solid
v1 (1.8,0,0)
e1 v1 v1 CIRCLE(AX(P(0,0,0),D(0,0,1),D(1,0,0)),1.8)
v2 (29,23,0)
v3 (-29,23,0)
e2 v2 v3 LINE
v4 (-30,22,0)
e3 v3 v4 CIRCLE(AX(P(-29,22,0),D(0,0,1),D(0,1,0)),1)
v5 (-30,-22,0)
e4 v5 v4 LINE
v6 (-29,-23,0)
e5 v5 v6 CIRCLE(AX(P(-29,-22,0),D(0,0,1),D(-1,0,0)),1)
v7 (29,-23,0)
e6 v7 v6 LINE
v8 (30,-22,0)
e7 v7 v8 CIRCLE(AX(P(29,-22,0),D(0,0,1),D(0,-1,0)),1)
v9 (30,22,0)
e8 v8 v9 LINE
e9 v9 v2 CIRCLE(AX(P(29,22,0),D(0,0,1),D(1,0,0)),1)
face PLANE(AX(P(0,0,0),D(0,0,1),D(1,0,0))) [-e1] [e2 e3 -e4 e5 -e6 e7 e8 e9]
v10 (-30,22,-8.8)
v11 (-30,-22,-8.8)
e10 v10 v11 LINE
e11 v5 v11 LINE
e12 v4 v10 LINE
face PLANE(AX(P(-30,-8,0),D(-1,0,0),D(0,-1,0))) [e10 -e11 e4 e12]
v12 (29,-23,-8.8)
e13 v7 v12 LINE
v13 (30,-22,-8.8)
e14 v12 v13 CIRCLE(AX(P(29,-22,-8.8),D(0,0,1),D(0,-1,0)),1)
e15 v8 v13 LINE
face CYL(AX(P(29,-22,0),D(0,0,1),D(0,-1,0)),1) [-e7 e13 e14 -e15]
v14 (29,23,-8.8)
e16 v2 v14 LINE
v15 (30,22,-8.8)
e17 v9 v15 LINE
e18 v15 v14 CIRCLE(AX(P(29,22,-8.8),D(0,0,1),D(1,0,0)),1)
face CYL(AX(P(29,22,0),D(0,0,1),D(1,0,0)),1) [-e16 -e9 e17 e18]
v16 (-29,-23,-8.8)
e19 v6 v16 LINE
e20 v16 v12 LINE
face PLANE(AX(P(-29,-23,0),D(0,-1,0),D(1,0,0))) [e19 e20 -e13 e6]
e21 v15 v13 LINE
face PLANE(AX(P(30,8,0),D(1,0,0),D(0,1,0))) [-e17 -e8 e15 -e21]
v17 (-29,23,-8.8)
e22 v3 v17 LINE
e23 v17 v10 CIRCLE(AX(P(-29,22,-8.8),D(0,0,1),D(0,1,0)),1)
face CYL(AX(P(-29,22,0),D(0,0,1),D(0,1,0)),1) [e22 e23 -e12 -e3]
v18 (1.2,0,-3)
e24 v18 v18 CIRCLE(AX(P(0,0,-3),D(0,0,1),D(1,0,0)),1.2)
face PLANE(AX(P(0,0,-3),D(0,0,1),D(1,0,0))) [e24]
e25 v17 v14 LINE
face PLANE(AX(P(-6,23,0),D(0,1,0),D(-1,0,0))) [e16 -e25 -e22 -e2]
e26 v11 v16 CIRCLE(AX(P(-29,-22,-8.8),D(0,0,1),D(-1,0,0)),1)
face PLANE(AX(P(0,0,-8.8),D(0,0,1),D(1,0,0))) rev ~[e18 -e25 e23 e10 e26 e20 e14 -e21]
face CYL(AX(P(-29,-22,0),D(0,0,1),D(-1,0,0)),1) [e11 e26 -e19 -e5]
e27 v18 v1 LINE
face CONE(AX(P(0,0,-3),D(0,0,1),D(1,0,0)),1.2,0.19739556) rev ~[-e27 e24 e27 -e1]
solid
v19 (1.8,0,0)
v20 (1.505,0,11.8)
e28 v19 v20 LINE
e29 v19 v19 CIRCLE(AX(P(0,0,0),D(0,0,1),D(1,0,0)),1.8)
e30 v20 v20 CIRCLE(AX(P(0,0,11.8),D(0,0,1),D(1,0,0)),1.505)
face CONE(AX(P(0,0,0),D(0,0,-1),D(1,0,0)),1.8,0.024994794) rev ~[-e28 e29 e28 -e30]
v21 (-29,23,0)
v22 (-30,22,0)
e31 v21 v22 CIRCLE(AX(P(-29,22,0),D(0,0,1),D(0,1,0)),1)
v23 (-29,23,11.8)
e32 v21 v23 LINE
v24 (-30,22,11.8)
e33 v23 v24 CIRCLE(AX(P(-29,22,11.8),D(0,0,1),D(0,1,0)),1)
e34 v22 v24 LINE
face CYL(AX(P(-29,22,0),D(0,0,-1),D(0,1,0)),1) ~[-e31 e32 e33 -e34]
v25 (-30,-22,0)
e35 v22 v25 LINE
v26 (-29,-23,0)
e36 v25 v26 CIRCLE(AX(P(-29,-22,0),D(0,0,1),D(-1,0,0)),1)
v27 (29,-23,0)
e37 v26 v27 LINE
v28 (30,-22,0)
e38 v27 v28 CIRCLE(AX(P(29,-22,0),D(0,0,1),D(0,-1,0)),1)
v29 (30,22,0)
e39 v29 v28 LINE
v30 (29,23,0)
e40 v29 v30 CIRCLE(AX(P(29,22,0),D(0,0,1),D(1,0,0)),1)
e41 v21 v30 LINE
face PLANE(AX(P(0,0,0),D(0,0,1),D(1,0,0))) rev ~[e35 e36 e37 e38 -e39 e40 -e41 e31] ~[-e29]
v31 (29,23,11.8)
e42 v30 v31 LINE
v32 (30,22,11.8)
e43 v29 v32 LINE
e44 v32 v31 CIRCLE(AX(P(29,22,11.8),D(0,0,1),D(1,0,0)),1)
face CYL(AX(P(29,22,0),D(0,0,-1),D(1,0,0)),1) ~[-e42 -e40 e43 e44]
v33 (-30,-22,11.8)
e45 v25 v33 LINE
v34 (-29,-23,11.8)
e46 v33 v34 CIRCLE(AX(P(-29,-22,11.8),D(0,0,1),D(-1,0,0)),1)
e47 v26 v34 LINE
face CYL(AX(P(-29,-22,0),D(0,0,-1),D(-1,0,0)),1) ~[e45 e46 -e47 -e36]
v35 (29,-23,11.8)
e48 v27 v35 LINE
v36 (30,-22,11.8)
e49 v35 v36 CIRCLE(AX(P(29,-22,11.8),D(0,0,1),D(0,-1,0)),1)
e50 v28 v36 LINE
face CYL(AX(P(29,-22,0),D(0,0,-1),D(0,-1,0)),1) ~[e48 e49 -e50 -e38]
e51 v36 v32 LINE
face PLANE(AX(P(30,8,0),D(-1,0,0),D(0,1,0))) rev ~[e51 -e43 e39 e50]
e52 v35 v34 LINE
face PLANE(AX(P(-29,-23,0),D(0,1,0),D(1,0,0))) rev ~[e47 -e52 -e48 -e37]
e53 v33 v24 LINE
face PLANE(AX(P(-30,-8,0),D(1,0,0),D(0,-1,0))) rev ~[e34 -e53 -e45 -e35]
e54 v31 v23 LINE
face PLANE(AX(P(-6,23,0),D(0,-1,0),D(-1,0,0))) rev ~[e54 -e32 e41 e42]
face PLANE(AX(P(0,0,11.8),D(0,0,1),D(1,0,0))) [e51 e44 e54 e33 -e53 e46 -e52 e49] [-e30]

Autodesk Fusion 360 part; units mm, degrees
sketch "スケッチ7" plane through (0, 0, 0) normal (0, 0, 1) x (1, 0, 0)
  line L0 (-40, -25) -> (40, -25)
  line L1 (40, -25) -> (40, 25)
  line L2 (40, 25) -> (-40, 25)
  line L3 (-40, 25) -> (-40, -25)
  line L4 (-40, -25) -> (40, 25) construction
  line L5 (40, -25) -> (-40, 25) construction
  line L6 (-40, 0) -> (40, 0) construction
  line L7 (0, -25) -> (0, 25) construction
  circle A0 centre (-35, 20) radius 2.75
  circle A1 centre (35, 20) radius 2.75
  circle A2 centre (-35, -20) radius 2.75
  circle A3 centre (35, -20) radius 2.75
  line L8 (-29, -23) -> (29, -23)
  line L9 (30, -22) -> (30, 22)
  line L10 (29, 23) -> (-29, 23)
  line L11 (-30, 22) -> (-30, -22)
  line L12 (-30, -23) -> (30, 23) construction
  line L13 (30, -23) -> (-30, 23) construction
  arc A4 (-29, 23) -> (-30, 22) centre (-29, 22) ccw
  arc A5 (30, 22) -> (29, 23) centre (29, 22) ccw
  arc A6 (29, -23) -> (30, -22) centre (29, -22) ccw
  arc A7 (-30, -22) -> (-29, -23) centre (-29, -22) ccw
  circle A8 centre (0, 0) radius 1.5
  arc A9 (-6, 23) -> (6, 23) centre (0, 23) ccw
  arc A10 (-30, -8) -> (-30, 8) centre (-30, 0) ccw
  arc A11 (6, -23) -> (-6, -23) centre (0, -23) ccw
  arc A12 (30, 8) -> (30, -8) centre (30, 0) ccw
  dimension "d41" = 50
  dimension "d42" = 80
  dimension "d43" = 5.5
  dimension "d44" = 5
  dimension "d45" = 5
  dimension "d186" = 46
  dimension "d187" = 10
  dimension "d188" = 1
  dimension "d197" = 3
  dimension "d229" = 8
  dimension "d230" = 6
sketch "Runner" plane through (0, 0, 0) normal (0, 0, 1) x (1, 0, 0)
  line L0 (-14.6, 1.8) -> (-14.6, -1.8)
  arc A0 (-23, -0.6) -> (-21.8, -1.8) centre (-21.8, -0.6) ccw
  line L1 (-17, 1.8) -> (17, 1.8) construction
  line L2 (-14.6, 1.8) -> (-15.4, 3.5)
  line L3 (-17, -3.5) -> (-17, 3.5)
  line L4 (17, 1.8) -> (-17, -1.8) construction
  line L5 (0, 1.8) -> (0, -1.8) construction
  line L6 (-17, 3.5) -> (-15.4, 3.5)
  line L7 (-17, -1.8) -> (-17, 1.8)
  line L8 (-25, -3.5) -> (-9, -3.5) construction
  line L9 (-25.0006, 3.5) -> (-8.9994, 3.5) construction
  arc A1 (21.8, -1.8) -> (23, -0.6) centre (21.8, -0.6) ccw
  line L10 (-17, 1.8) -> (17, -1.8) construction
  line L11 (21.8, -1.8) -> (17, -1.8)
  line L12 (17, 1.8) -> (17, -1.8)
  line L13 (-17, 0) -> (17.3464, 0)
  line L14 (17, 0) -> (23, 0)
  line L15 (-17, 0) -> (-23, 0)
  line L16 (-14.6, -1.8) -> (-15.4, -3.5)
  line L17 (23, 0) -> (23, -0.6)
  line L18 (-17, -3.5) -> (-15.4, -3.5)
  line L19 (-15.4, -3.5) -> (-15.4, 3.5)
  line L20 (17, -1.8) -> (-17, -1.8)
  line L21 (-17, -1.8) -> (-17, 0)
  line L22 (-21.8, -1.8) -> (-17, -1.8)
  line L23 (-23, 0) -> (-23, -0.6)
  circle A2 centre (0, 0) radius 1.8
  circle A3 centre (0, 0) radius 1.5
  dimension "d202" = 1.6
  dimension "d204" = 0.8
  dimension "d210" = 6
  dimension "d211" = 1.2
  dimension "d212" = 3.5
  dimension "d213" = 3.5
  dimension "d214" = 3
  dimension "d215" = 3.6
  dimension "d216" = 17
sketch "スケッチ1" plane through (0, 0, 0) normal (0, 0, 1) x (1, 0, 0)
  line L0 (8.5, -3) -> (25.5, -3)
  line L1 (26, -3.5) -> (26, -20.5)
  line L2 (25.5, -21) -> (8.5, -21)
  line L3 (8, -20.5) -> (8, -3.5)
  line L4 (17, -3) -> (17, -21) construction
  line L5 (8, -12) -> (26, -12) construction
  arc A0 (8.5, -3) -> (8, -3.5) centre (8.5, -3.5) ccw
  arc A1 (26, -3.5) -> (25.5, -3) centre (25.5, -3.5) ccw
  arc A2 (25.5, -21) -> (26, -20.5) centre (25.5, -20.5) ccw
  arc A3 (8, -20.5) -> (8.5, -21) centre (8.5, -20.5) ccw
  line L6 (9.7, -4.2) -> (24.3, -4.2)
  line L7 (9.2, -19.3) -> (9.2, -4.7)
  line L8 (24.3, -19.8) -> (9.7, -19.8)
  line L9 (24.8, -4.7) -> (24.8, -19.3)
  arc A4 (9.7, -4.2) -> (9.2, -4.7) centre (9.7, -4.7) ccw
  arc A5 (9.2, -19.3) -> (9.7, -19.8) centre (9.7, -19.3) ccw
  arc A6 (24.3, -19.8) -> (24.8, -19.3) centre (24.3, -19.3) ccw
  arc A7 (24.8, -4.7) -> (24.3, -4.2) centre (24.3, -4.7) ccw
  circle A8 centre (17, -12.03) radius 2.7
  line L10 (14.3525, -11.5) -> (19.6475, -11.5) construction
  line L11 (14.3525, -12.5) -> (19.6475, -12.5) construction
  line L12 (16.5, -9.3767) -> (16.5, -14.6833) construction
  line L13 (17.5, -9.3767) -> (17.5, -14.6833) construction
  line L14 (16.5, -11.5) -> (14.5202, -11.5)
  line L15 (14.5202, -12.5) -> (14.5202, -11.5)
  line L16 (14.5202, -12.5) -> (16.5, -12.5)
  line L17 (15.0202, -11.5) -> (15.0202, -12.5)
  line L18 (16.5, -12.5) -> (16.5, -14.4798)
  line L19 (17.5, -14.4798) -> (17.5, -12.5)
  line L20 (16.5, -13.9798) -> (17.5, -13.9798)
  line L21 (17.5, -14.4798) -> (16.5, -14.4798)
  line L22 (17.5, -12.5) -> (19.4798, -12.5)
  line L23 (19.4798, -11.5) -> (17.5, -11.5)
  line L24 (18.9798, -12.5) -> (18.9798, -11.5)
  line L25 (19.4798, -11.5) -> (19.4798, -12.5)
  line L26 (17.5, -11.5) -> (17.5, -9.5202)
  line L27 (16.5, -9.5202) -> (16.5, -11.5)
  line L28 (17.5, -10.0202) -> (16.5, -10.0202)
  line L29 (16.5, -9.5202) -> (17.5, -9.5202)
  circle A9 centre (13.2, -15.7) radius 1.25
  circle A10 centre (20.8, -15.7) radius 1.25
  point P0 (8, -3)
  point P1 (8, -21)
  point P2 (14.3002, -12)
  point P3 (17, -12)
  dimension "d326" = 18
  dimension "d327" = 18
  dimension "d328" = 8
  dimension "d329" = 3
  dimension "d330" = 0.5
  dimension "d332" = 0.5
  dimension "d333" = 0.03
  dimension "d334" = 5.4
  dimension "d335" = 1.2
  dimension "d336" = 1.2
  dimension "d337" = 1
  dimension "d338" = 1
  dimension "d339" = 0.22
  dimension "d341" = 0.5
  dimension "d343" = 360
  dimension "d366" = 2.5
  dimension "d367" = 12.7
  dimension "d368" = 5.2
ref_plane "作業平面1" through (0, 0, 7.5) normal (0, 0, 1) x (1, 0, 0)
sketch "スケッチ2" plane through (0, 0, 7.5) normal (0, 0, 1) x (1, 0, 0)
  line L0 (8.5, -3) -> (25.5, -3) construction
  line L1 (8, -20.5) -> (8, -3.5) construction
  line L2 (25.5, -21) -> (8.5, -21) construction
  line L3 (26, -3.5) -> (26, -20.5) construction
  arc A0 (26, -3.5) -> (25.5, -3) centre (25.5, -3.5) ccw construction
  arc A1 (8.5, -3) -> (8, -3.5) centre (8.5, -3.5) ccw construction
  arc A2 (8, -20.5) -> (8.5, -21) centre (8.5, -20.5) ccw construction
  arc A3 (25.5, -21) -> (26, -20.5) centre (25.5, -20.5) ccw construction
  line L4 (17, -3) -> (17, -21) construction
  line L5 (8, -12) -> (26, -12) construction
  line L6 (12, -18) -> (22, -18)
  line L7 (23, -17) -> (23, -7)
  line L8 (22, -6) -> (12, -6)
  line L9 (11, -7) -> (11, -17)
  line L10 (11, -18) -> (23, -6) construction
  line L11 (23, -18) -> (11, -6) construction
  arc A4 (12, -6) -> (11, -7) centre (12, -7) ccw
  arc A5 (23, -7) -> (22, -6) centre (22, -7) ccw
  arc A6 (22, -18) -> (23, -17) centre (22, -17) ccw
  arc A7 (11, -17) -> (12, -18) centre (12, -17) ccw
  point P0 (17, -12)
  dimension "d396" = 12
  dimension "d397" = 12
  dimension "d398" = 1
ref_plane "作業平面4" through (0, 0, 6.3) normal (0, 0, 1) x (1, 0, 0)
sketch "スケッチ8" plane through (0, 0, 6.3) normal (0, 0, 1) x (1, 0, 0)
  line L0 (11, -7) -> (11, -17) construction
  line L1 (22, -6) -> (12, -6) construction
  arc A0 (12, -6) -> (11, -7) centre (12, -7) ccw construction
  arc A1 (11, -17) -> (12, -18) centre (12, -17) ccw construction
  line L2 (12, -18) -> (22, -18) construction
  line L3 (23, -17) -> (23, -7) construction
  arc A2 (23, -7) -> (22, -6) centre (22, -7) ccw construction
  arc A3 (22, -18) -> (23, -17) centre (22, -17) ccw construction
  line L4 (21.5, -7) -> (12.5, -7)
  line L5 (12, -7.5) -> (12, -16.5)
  line L6 (12.5, -17) -> (21.5, -17)
  line L7 (22, -16.5) -> (22, -7.5)
  arc A4 (12.5, -7) -> (12, -7.5) centre (12.5, -7.5) ccw
  arc A5 (22, -7.5) -> (21.5, -7) centre (21.5, -7.5) ccw
  arc A6 (21.5, -17) -> (22, -16.5) centre (21.5, -16.5) ccw
  arc A7 (12, -16.5) -> (12.5, -17) centre (12.5, -16.5) ccw
  line L8 (17, -6) -> (17, -18) construction
  line L9 (11, -12) -> (23, -12) construction
  dimension "d400" = 0.5
  dimension "d401" = 1
  dimension "d402" = 1
ref_plane "作業平面10" through (0, -12, 0) normal (0, 1, 0) x (0, 0, 1)
sketch "スケッチ28" plane through (0, -12, 0) normal (0, 1, 0) x (1, 0, 0)
  line L0 (17, -7.5) -> (17, 0) construction
  arc A0 (22, -6.3) -> (24.8, 0) centre (7.2558, 4.0252) ccw
  arc A1 (9.2, 0) -> (12, -6.3) centre (26.7442, 4.0252) ccw
  arc A2 (8, 0) -> (11, -7.5) centre (25.7864, 2.7646) ccw
  arc A3 (23, -7.5) -> (26, 0) centre (8.2136, 2.7646) ccw
  point P0 (17, -7.5)
  point P1 (17, 0)
  point P2 (22, -6.3)
  point P3 (12, -6.3)
  point P4 (24.8, 0)
  point P5 (9.2, 0)
  point P6 (11, -7.5)
  point P7 (23, -7.5)
  point P8 (26, 0)
  point P9 (8, 0)
  dimension "d405" = -12
ref_plane "作業平面11" through (17, -12, 3.75) normal (1, 0, 0) x (0, 0, -1)
ref_plane "作業平面12" through (17, -12, 3.75) normal (0.7071, 0.7071, 0) x (0, 0, -1)
sketch "スケッチ29" plane through (17, -12, 3.6) normal (1, 0, 0) x (0, 1, 0)
  arc A0 (-6, 3.9) -> (-9, -3.6) centre (8.7864, -6.3646) ccw
  line L0 (0, 3.9) -> (-0.03, -3.6)
  arc A1 (9, -3.6) -> (6, 3.9) centre (-8.7864, -6.3646) ccw
  arc A2 (-5, 2.7) -> (-7.8, -3.6) centre (9.7442, -7.6252) ccw
  arc A3 (7.8, -3.6) -> (5, 2.7) centre (-9.7442, -7.6252) ccw
  point P0 (6, 3.9)
  point P1 (-6, 3.9)
  point P2 (-9, -3.6)
  point P3 (0, 3.9)
  point P4 (-0.03, -3.6)
  point P5 (9, -3.6)
  point P6 (-7.8, -3.6)
  point P7 (7.8, -3.6)
  point P8 (-5, 2.7)
  point P9 (5, 2.7)
  dimension "d407" = 18
  dimension "d408" = 18
  dimension "d409" = 18
  dimension "d410" = 18
sketch "スケッチ27" plane through (0, 0, 0) normal (0, 0, 1) x (1, 0, 0)
  line L0 (8, -20.5) -> (8, -3.5) construction
  line L1 (8.5, -3) -> (25.5, -3) construction
  line L2 (26, -3.5) -> (26, -20.5) construction
  line L3 (25.5, -21) -> (8.5, -21) construction
  arc A0 (8, -20.5) -> (8.5, -21) centre (8.5, -20.5) ccw construction
  arc A1 (8.5, -3) -> (8, -3.5) centre (8.5, -3.5) ccw construction
  arc A2 (25.5, -21) -> (26, -20.5) centre (25.5, -20.5) ccw construction
  arc A3 (26, -3.5) -> (25.5, -3) centre (25.5, -3.5) ccw construction
  line L4 (-29, -23) -> (29, -23) construction
  line L5 (-30, 22) -> (-30, -22) construction
  line L6 (29, 23) -> (-29, 23) construction
  line L7 (30, -22) -> (30, 22) construction
  arc A4 (-29, 23) -> (-30, 22) centre (-29, 22) ccw construction
  arc A5 (-30, -22) -> (-29, -23) centre (-29, -22) ccw construction
  arc A6 (30, 22) -> (29, 23) centre (29, 22) ccw construction
  arc A7 (29, -23) -> (30, -22) centre (29, -22) ccw construction
  line L8 (0, -25) -> (0, 25) construction
  line L9 (-40, 0) -> (40, 0) construction
  line L10 (8, -12) -> (-8, -12) construction
  line L11 (-8, -20.5) -> (-8, -3.5) construction
  line L12 (-8, -16) -> (8, -16) construction
  line L13 (-8, -8) -> (8, -8) construction
  point P0 (8, -12)
  dimension "d387" = 2
  dimension "d388" = 4
  dimension "d389" = 2
  dimension "d390" = 2
sketch "スケッチ30" plane through (17, -12, 3.6) normal (0.7071, 0.7071, 0) x (0, 0, -1)
  line L0 (-3.9, -7.7782) -> (-3.9, -8.0711)
  line L1 (-3.9, -0.7071) -> (-3.9, -7.7782)
  line L2 (-3.9, 0.7071) -> (-3.9, -0.7071)
  line L3 (-3.9, 7.7782) -> (-3.9, 0.7071)
  line L4 (-3.9, 8.0711) -> (-3.9, 7.7782)
  line L5 (-2.7, 6.864) -> (-2.7, 6.7175)
  line L6 (-2.7, 6.7175) -> (-2.7, 0.3536)
  line L7 (-2.7, 0.3536) -> (-2.7, -0.3536)
  line L8 (-2.7, -0.3536) -> (-2.7, -6.7175)
  line L9 (-2.7, -6.7175) -> (-2.7, -6.864)
  arc A0 (-3.9, -8.0711) -> (-3.9, 8.0711) centre (-63.3547, 0) ccw
  arc A1 (-2.7, -6.864) -> (-2.7, 6.864) centre (-62.3061, 0) ccw
  line L10 (-3.3547, 0) -> (-3.9, 0)
  line L11 (-2.7, 0) -> (-2.3061, 0)
  dimension "d415" = 60
  dimension "d416" = 60
extrude "Mold" add sketch "スケッチ7" along normal blind 14 contours L0 L1 L2 L3 | L8 L9 L10 L11 A4 A5 A6 A7 A9 A10 A11 A12 | L8 A11 | L11 A10 | L9 A12 | L10 A9 | A8 makes body 1
extrude "Mold (1)" cut sketch "スケッチ7" along normal blind 12 contours L8 L9 L10 L11 A4 A5 A6 A7 A9 A10 A11 A12 | L8 A11 | L11 A10 | L9 A12 | L10 A9 | A8 bodies 1
extrude "Mold (2)" add sketch "スケッチ7" against normal blind 10.5 separate body contours L0 L1 L2 L3 | L8 L9 L10 L11 A4 A5 A6 A7 A9 A10 A11 A12 | L8 A11 | L11 A10 | L9 A12 | L10 A9 | A8 makes body 2
extrude "押し出し30" cut sketch "スケッチ7" along normal blind 24 contours A8 bodies 1
extrude "Mold (3)" cut sketch "スケッチ7" against normal blind 8.8 contours L8 L9 L10 L11 A4 A5 A6 A7 A9 A10 A11 A12 | L8 A11 | L11 A10 | L9 A12 | L10 A9 | A8 bodies 2
sketch "スケッチ14" plane through (0, 0, 0) normal (0, 1, 0) x (1, 0, 0)
  line L0 (1.2, 3) -> (0, 3)
  line L1 (0, 3) -> (0, 0)
  line L2 (1.5, -14) -> (-1.5, -14)
  line L3 (-1.5, -12) -> (1.5, -12)
  line L4 (0, 0) -> (0, -12)
  line L5 (-1.8, 0) -> (1.8, 0)
  line L6 (1.2, 3) -> (1.8, 0)
  line L7 (1.8, 0) -> (1.5, -12)
  dimension "d218" = 1.2
  dimension "d219" = 3
extrude "押し出し5" add sketch "スケッチ7" against normal blind 8.8 separate body contours L8 L9 L10 L11 A4 A5 A6 A7 A9 A10 A11 A12 | L8 A11 | L11 A10 | L9 A12 | L10 A9 | A8 makes body 3
extrude "押し出し8" add sketch "スケッチ7" along normal blind 11.8 separate body contours L8 L9 L10 L11 A4 A5 A6 A7 A9 A10 A11 A12 | L8 A11 | L11 A10 | L9 A12 | L10 A9 | A8 makes body 4
revolve "回転7" cut sketch "スケッチ14" angle 360 about axis through (0, 0, 1.75) along (0, 0, 1) bodies 3 4
hidden bodies 1 2
equation "d334 = ( 2.7 * 2 ) * 1 mm"
